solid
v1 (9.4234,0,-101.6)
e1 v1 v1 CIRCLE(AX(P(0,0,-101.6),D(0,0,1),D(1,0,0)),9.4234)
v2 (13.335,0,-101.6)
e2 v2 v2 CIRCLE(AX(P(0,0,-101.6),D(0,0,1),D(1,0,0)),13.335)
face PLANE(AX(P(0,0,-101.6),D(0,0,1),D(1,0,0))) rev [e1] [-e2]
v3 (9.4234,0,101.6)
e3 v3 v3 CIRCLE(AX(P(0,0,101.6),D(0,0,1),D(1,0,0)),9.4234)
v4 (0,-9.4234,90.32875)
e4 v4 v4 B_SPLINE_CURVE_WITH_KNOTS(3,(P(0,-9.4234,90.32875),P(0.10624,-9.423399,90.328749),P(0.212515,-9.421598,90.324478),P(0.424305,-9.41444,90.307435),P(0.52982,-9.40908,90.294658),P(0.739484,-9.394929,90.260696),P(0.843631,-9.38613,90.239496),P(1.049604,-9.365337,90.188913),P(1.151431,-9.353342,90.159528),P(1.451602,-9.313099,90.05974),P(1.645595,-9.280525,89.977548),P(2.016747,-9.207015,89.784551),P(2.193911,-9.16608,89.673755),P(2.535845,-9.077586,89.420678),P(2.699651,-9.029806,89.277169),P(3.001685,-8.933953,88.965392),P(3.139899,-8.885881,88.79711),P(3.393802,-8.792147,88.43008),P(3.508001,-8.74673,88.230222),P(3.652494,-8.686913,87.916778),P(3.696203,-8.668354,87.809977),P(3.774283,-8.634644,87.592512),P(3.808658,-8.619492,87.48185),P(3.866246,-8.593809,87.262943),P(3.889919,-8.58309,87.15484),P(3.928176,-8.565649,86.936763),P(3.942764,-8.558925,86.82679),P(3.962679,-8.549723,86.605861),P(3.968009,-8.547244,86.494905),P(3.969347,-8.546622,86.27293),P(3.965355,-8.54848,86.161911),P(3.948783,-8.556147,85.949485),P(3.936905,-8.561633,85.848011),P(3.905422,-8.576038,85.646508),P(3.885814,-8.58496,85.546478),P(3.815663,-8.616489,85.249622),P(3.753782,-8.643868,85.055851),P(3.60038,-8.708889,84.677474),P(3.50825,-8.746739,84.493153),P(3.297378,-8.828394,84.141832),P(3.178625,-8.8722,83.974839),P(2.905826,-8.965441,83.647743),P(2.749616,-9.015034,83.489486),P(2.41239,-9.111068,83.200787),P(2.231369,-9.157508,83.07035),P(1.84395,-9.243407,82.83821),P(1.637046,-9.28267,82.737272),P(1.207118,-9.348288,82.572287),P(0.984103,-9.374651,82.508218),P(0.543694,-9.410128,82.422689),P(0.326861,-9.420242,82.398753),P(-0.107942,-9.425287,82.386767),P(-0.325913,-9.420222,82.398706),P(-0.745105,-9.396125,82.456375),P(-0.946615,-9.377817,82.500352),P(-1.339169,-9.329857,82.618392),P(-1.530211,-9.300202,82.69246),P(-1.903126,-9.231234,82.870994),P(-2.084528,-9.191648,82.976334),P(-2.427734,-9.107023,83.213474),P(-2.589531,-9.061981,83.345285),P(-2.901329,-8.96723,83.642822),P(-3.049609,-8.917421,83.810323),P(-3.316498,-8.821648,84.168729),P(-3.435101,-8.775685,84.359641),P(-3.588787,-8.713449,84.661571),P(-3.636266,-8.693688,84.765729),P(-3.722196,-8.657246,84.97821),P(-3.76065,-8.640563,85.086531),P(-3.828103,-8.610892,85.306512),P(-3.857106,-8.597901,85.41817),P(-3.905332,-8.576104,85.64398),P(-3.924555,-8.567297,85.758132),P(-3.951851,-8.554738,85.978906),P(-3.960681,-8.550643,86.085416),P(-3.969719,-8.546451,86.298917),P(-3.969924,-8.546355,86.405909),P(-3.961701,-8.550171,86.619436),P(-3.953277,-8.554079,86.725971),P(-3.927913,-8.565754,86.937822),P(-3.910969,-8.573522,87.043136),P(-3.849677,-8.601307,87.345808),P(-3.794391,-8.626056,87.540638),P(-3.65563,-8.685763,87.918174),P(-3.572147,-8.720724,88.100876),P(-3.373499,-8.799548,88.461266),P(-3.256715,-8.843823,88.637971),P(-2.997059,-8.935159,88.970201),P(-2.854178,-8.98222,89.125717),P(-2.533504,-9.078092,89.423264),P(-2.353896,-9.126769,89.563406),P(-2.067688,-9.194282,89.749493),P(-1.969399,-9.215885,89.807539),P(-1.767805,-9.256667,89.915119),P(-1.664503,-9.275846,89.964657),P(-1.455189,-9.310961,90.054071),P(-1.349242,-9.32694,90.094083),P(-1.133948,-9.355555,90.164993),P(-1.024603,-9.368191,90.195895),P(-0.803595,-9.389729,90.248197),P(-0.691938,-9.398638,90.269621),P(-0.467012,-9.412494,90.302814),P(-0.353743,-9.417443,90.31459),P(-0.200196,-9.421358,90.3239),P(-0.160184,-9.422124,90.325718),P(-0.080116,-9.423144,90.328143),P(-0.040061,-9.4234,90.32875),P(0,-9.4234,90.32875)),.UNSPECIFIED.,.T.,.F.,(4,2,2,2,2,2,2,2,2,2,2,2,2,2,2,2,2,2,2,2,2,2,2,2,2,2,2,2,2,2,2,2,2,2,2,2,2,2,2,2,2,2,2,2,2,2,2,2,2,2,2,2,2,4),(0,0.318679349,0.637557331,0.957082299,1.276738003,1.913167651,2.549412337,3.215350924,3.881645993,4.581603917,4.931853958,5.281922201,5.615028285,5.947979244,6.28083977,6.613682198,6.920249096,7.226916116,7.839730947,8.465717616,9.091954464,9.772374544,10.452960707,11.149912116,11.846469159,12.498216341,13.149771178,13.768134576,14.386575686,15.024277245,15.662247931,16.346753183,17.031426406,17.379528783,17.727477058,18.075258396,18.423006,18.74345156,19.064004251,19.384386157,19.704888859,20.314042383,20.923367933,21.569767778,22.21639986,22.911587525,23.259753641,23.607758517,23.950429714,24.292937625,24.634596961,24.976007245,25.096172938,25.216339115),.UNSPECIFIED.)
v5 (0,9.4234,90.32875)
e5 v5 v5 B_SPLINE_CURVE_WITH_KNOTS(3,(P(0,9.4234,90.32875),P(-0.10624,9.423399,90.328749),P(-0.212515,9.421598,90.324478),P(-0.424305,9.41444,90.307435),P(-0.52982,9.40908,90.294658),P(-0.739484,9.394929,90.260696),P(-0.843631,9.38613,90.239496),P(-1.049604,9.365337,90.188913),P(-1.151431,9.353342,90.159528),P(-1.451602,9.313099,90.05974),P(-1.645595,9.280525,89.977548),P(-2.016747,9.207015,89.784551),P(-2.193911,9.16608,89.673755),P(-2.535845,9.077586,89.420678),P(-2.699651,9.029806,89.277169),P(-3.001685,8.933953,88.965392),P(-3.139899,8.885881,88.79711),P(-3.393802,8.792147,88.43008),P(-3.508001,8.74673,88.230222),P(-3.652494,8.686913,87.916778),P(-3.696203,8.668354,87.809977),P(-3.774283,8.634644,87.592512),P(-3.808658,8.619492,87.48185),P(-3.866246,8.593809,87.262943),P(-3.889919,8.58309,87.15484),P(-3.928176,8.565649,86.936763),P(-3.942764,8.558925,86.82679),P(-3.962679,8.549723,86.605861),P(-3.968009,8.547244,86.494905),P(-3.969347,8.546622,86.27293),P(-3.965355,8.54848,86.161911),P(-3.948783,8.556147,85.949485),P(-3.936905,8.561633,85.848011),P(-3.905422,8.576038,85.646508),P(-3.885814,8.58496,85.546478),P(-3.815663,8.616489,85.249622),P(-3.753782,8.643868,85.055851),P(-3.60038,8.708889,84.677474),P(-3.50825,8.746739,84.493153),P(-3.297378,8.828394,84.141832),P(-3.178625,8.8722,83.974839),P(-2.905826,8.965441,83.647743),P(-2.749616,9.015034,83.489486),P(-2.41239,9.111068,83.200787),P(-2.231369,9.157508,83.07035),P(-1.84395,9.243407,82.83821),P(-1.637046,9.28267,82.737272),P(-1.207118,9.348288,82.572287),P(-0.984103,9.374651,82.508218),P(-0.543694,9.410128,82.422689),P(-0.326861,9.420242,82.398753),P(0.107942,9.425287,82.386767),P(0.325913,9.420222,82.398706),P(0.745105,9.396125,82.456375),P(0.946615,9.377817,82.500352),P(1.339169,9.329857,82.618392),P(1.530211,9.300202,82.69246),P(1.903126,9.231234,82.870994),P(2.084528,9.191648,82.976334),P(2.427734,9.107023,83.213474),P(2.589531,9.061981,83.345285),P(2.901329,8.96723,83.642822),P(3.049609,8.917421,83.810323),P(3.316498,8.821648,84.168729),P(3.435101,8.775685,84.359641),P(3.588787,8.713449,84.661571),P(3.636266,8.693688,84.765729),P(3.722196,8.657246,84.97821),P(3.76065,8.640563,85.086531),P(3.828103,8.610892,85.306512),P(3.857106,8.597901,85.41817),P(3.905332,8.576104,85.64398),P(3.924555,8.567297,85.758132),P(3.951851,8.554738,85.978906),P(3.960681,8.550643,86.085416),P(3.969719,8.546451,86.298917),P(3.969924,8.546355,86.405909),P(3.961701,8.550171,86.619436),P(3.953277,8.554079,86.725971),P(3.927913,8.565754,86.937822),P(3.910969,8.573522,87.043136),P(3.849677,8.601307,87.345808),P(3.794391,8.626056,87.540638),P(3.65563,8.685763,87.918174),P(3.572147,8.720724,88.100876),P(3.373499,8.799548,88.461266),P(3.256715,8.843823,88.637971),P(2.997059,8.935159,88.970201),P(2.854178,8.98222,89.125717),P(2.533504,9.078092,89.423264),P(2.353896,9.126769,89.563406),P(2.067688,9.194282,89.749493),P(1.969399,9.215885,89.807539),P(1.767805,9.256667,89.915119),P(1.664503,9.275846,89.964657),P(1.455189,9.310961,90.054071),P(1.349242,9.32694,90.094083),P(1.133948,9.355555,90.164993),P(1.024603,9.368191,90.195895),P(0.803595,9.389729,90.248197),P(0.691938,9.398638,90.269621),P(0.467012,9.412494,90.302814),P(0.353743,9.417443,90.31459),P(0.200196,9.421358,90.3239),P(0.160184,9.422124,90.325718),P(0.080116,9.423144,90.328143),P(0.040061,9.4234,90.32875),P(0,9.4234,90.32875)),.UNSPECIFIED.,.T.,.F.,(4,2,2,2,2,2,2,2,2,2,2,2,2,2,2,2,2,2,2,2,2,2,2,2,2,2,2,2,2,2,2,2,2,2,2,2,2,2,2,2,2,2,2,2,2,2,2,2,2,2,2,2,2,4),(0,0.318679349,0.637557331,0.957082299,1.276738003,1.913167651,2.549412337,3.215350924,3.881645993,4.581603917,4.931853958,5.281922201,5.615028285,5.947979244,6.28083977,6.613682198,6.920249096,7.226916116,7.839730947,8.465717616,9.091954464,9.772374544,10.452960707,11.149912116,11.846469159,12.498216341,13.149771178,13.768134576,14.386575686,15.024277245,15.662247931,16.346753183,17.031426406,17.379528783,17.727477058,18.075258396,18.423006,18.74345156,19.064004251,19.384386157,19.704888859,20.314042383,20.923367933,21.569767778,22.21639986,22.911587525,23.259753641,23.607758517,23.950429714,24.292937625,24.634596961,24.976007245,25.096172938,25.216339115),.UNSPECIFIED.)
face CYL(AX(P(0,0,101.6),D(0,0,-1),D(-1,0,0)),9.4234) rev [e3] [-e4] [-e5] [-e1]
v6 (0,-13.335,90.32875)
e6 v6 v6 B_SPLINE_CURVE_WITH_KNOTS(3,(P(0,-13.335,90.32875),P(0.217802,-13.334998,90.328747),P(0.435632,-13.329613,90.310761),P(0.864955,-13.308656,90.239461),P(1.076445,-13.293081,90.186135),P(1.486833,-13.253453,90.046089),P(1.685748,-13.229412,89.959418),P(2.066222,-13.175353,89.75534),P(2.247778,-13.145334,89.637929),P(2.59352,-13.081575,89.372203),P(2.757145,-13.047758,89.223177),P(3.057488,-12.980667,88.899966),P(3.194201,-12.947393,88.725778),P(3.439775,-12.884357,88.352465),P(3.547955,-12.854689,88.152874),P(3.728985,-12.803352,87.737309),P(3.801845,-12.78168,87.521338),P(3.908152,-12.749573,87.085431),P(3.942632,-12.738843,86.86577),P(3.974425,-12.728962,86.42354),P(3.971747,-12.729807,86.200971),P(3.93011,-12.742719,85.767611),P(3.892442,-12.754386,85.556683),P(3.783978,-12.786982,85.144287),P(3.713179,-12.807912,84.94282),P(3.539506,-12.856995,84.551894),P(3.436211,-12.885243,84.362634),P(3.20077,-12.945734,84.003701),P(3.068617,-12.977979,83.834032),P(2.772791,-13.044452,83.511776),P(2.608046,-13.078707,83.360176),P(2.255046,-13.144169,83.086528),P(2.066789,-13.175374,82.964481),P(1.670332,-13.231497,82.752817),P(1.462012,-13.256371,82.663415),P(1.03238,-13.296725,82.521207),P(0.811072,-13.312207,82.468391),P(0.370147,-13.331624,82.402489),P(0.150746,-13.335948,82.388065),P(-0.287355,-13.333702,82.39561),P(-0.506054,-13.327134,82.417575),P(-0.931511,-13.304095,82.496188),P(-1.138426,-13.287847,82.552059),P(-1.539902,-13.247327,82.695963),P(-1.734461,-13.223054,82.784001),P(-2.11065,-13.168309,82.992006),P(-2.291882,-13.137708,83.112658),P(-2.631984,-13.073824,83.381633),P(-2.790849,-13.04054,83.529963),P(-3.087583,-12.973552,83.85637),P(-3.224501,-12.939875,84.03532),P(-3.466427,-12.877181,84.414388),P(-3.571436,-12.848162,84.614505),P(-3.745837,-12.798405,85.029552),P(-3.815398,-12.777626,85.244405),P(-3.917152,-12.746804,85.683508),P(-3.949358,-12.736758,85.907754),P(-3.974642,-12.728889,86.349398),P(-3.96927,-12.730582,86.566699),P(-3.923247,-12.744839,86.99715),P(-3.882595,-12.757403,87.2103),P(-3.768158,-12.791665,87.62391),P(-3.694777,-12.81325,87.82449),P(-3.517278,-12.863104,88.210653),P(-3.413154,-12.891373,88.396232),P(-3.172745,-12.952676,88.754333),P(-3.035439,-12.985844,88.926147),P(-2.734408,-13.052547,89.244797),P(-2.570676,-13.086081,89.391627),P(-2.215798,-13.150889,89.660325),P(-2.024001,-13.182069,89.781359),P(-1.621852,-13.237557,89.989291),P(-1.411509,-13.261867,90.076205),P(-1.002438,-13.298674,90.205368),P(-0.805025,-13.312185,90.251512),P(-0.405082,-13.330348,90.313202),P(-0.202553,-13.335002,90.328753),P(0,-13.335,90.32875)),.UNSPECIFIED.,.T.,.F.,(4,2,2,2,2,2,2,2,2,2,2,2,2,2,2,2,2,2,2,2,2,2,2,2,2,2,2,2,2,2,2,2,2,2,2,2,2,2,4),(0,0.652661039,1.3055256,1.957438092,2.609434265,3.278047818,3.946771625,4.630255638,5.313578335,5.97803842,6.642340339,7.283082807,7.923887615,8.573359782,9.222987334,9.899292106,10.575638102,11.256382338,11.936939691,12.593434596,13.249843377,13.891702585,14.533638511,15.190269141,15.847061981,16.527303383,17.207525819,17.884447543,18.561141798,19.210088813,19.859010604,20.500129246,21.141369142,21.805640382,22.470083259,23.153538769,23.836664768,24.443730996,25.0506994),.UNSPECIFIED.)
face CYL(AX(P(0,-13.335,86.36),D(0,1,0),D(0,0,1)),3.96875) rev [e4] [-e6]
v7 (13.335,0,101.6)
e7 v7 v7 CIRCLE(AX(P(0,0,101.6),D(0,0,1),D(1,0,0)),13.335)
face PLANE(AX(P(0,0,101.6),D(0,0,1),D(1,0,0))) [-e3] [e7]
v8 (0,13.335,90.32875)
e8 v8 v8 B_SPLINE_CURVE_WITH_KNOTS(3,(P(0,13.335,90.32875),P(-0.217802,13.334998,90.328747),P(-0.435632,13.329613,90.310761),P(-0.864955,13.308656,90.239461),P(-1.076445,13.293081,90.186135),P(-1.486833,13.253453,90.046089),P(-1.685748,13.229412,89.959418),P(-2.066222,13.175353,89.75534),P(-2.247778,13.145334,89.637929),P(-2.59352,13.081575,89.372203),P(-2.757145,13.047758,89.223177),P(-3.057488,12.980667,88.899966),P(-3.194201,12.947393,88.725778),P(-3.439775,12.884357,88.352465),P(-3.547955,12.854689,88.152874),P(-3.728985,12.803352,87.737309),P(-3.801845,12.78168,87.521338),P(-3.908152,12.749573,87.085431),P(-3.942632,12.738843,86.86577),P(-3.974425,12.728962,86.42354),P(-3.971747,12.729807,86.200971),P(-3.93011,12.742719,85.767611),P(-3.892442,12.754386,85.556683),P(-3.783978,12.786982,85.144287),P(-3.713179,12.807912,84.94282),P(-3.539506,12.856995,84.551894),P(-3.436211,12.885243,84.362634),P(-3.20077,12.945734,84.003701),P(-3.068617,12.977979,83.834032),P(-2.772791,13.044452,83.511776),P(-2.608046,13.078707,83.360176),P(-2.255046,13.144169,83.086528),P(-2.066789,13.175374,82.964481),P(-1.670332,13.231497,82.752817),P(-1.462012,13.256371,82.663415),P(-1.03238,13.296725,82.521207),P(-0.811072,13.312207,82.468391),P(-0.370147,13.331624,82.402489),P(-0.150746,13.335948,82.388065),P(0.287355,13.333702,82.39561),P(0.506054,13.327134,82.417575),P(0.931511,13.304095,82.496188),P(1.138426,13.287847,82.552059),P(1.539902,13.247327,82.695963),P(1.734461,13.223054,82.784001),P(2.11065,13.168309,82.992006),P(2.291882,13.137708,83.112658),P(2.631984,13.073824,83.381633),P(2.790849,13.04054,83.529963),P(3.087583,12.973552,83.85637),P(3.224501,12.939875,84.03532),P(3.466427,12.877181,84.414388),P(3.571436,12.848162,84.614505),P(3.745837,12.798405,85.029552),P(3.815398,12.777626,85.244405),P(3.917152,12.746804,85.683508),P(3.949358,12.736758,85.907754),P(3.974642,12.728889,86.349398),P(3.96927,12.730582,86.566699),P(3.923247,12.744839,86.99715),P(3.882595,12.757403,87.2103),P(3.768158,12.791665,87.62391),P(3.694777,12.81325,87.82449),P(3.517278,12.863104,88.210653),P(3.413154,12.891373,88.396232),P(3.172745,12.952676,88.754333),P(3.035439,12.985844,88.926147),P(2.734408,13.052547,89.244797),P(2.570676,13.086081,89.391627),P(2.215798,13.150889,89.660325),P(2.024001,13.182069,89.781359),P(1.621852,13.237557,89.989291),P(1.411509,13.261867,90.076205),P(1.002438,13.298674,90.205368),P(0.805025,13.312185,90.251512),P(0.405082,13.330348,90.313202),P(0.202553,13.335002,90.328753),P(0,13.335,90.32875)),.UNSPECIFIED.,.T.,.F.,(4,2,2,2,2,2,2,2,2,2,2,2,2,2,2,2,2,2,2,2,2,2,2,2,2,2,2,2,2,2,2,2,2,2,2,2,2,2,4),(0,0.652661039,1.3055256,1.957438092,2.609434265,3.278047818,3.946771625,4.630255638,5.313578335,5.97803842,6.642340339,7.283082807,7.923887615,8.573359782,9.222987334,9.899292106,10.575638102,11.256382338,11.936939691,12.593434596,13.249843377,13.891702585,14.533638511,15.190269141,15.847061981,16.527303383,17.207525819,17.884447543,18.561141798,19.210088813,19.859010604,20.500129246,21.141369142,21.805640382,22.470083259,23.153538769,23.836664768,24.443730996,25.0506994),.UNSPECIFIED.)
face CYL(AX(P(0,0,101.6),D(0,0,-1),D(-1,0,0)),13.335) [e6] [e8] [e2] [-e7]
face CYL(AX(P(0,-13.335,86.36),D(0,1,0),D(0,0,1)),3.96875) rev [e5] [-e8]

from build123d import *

# Parameters (mm, degrees)
SKETCH1_R               = 13.335
SKETCH1_R_2             = 9.4234
EXTRUDE_THIN1_DEPTH     = 101.6
CUT_EXTRUDE1_DEPTH      = 104.335397856
CUT_EXTRUDE1_DEPTH_BACK = 104.335397856
SKETCH2_R               = 3.96875


with BuildPart() as part:
    # Sketch1 → Extrude-Thin1 (new, symmetric)
    with BuildSketch(Plane.XY):
        Circle(SKETCH1_R)
        Circle(SKETCH1_R_2, mode=Mode.SUBTRACT)
    extrude(amount=EXTRUDE_THIN1_DEPTH, both=True)

    # Sketch2 → Cut-Extrude1 (cut, two sides: drawn at the far end of the back side and taken through both)
    with BuildSketch(Plane(origin=(0, 0, 0), x_dir=(1, 0, 0), z_dir=(0, 1, 0)).offset(-CUT_EXTRUDE1_DEPTH_BACK)):
        with Locations(Location((0, -86.36, 0), (0, 0, 270))):
            Circle(SKETCH2_R)
    extrude(amount=CUT_EXTRUDE1_DEPTH + CUT_EXTRUDE1_DEPTH_BACK, mode=Mode.SUBTRACT)


solid = part.part
